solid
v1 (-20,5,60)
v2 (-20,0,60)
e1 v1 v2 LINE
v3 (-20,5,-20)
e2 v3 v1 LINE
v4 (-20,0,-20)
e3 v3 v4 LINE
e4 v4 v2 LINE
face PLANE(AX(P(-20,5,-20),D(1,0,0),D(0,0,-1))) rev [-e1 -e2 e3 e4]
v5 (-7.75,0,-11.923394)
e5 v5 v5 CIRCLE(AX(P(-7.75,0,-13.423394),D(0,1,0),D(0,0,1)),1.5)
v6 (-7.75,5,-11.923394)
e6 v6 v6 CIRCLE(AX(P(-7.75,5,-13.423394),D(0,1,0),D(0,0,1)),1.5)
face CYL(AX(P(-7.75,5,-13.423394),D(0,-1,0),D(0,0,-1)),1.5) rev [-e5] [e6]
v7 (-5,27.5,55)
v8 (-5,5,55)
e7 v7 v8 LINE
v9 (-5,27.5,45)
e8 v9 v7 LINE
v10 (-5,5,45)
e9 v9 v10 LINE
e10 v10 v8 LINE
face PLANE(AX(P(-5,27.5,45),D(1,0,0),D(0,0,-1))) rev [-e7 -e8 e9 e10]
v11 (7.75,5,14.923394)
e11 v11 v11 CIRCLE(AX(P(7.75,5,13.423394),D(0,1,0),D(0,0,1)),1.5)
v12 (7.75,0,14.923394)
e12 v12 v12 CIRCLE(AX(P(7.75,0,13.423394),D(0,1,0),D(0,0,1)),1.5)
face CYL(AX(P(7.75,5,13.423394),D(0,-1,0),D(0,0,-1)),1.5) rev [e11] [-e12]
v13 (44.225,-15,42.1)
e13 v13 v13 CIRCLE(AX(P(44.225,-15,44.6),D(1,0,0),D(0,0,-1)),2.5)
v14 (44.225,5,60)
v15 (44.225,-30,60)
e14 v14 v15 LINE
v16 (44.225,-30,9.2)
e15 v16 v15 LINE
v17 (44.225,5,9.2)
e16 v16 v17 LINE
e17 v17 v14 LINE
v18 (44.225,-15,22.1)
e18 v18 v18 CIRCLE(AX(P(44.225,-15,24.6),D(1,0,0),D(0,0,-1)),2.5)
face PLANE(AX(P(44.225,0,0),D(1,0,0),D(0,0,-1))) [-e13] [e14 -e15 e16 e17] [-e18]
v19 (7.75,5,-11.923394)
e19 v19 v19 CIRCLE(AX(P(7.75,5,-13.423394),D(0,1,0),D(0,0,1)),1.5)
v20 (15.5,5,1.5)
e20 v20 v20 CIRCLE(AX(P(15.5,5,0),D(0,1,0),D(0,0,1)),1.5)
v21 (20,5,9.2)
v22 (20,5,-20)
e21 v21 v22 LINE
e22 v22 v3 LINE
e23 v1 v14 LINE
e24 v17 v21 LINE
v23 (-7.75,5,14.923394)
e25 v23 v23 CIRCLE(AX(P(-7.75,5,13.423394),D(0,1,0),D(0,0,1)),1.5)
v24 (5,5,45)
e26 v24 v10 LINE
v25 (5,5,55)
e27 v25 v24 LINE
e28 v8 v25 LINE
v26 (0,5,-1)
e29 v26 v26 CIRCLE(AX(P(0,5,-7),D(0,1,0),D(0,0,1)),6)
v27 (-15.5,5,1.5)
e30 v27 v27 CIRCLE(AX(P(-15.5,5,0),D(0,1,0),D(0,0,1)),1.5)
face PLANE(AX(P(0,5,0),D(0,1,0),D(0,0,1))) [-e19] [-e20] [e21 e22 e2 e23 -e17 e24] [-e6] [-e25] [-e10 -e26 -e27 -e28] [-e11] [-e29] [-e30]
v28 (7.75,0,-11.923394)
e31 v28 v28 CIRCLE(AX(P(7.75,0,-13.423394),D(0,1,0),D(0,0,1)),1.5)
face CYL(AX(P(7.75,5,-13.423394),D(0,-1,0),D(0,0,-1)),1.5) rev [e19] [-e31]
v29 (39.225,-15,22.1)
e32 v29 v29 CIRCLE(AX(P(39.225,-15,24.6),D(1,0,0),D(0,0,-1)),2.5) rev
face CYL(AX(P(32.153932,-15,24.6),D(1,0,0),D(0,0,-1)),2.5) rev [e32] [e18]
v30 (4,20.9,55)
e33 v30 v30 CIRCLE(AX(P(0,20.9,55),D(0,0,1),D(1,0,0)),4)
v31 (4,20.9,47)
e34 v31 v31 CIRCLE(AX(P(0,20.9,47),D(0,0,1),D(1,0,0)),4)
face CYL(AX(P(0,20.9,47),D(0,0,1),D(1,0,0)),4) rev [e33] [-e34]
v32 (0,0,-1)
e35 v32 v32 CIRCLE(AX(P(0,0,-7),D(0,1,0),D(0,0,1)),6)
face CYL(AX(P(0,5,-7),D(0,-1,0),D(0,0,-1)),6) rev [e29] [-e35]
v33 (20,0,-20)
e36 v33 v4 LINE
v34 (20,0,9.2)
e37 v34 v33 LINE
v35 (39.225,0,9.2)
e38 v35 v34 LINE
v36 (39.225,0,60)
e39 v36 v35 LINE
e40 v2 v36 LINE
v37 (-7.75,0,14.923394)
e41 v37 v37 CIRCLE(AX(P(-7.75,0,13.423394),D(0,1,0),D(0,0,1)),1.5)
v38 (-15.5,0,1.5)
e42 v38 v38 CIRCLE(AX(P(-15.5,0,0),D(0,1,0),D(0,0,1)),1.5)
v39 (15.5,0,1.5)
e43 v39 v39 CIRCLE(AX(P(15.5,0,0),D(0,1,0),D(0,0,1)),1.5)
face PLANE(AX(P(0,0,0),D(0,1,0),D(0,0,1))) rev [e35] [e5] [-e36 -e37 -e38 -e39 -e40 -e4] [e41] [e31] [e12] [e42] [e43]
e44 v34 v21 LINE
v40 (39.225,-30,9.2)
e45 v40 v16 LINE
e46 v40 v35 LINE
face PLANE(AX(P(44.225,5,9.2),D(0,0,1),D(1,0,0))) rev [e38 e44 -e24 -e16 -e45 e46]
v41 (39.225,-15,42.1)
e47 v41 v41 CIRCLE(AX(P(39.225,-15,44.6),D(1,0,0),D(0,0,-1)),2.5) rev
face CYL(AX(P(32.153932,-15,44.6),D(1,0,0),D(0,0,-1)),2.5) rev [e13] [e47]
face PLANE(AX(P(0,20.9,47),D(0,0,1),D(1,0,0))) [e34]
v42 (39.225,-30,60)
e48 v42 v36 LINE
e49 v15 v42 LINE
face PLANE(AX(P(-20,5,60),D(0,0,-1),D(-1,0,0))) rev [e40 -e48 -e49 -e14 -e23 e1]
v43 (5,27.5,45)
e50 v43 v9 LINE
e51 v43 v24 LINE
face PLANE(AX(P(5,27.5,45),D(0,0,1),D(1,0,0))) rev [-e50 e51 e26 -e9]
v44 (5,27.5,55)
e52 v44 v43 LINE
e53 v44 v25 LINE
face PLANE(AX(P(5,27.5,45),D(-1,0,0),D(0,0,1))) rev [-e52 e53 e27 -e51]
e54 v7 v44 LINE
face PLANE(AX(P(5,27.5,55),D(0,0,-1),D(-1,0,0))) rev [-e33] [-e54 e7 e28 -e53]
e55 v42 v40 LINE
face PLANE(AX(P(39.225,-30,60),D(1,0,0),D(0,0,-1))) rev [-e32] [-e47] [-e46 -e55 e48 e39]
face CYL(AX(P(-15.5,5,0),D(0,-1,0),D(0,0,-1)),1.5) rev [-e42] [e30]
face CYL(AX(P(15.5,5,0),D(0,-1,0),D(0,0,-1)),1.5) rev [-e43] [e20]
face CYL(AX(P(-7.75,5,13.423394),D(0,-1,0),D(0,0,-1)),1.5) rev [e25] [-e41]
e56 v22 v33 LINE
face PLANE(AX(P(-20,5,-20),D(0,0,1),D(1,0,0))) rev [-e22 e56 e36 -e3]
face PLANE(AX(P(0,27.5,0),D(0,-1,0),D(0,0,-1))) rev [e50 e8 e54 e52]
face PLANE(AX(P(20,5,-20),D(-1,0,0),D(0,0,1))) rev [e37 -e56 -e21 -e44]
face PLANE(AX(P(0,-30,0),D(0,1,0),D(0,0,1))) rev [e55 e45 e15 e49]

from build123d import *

# Parameters (mm, degrees)
SKETCH3_W           = 40
SKETCH3_H           = 80
BOSS_EXTRUDE1_DEPTH = 5
SKETCH1_R           = 1.5
SKETCH1_R_2         = 6
CUT_EXTRUDE3_DEPTH  = 64.442887702
SKETCH4_W           = 10
SKETCH4_H           = 10
BOSS_EXTRUDE2_DEPTH = 22.5
SKETCH5_R           = 4
CUT_EXTRUDE4_DEPTH  = 8
SKETCH6_W           = 50.8
SKETCH6_H           = 5
BOSS_EXTRUDE3_DEPTH = 24.225
SKETCH8_W           = 5
SKETCH8_H           = 50.8
BOSS_EXTRUDE4_DEPTH = 30
SKETCH9_R           = 2.5
CUT_EXTRUDE5_DEPTH  = 5


with BuildPart() as part:
    # Sketch3 → Boss-Extrude1 (new body)
    with BuildSketch(Plane(origin=(0, 0, 0), x_dir=(1, 0, 0), z_dir=(0, 1, 0))):
        with Locations((0, -20)):
            Rectangle(SKETCH3_W, SKETCH3_H)
    extrude(amount=BOSS_EXTRUDE1_DEPTH)

    # Sketch1 → Cut-Extrude3 (cut, through all)
    with BuildSketch(Plane(origin=(0, 0, 0), x_dir=(1, 0, 0), z_dir=(0, 1, 0))):
        with Locations(Location((-15.5, 0, 0), (0, 0, 270))):
            Circle(SKETCH1_R)
        with Locations(Location((-7.75, 13.423393759, 0), (0, 0, 270))):
            Circle(SKETCH1_R)
        with Locations(Location((7.75, 13.423393759, 0), (0, 0, 270))):
            Circle(SKETCH1_R)
        with Locations(Location((15.5, 0, 0), (0, 0, 270))):
            Circle(SKETCH1_R)
        with Locations(Location((7.75, -13.423393759, 0), (0, 0, 270))):
            Circle(SKETCH1_R)
        with Locations(Location((-7.75, -13.423393759, 0), (0, 0, 270))):
            Circle(SKETCH1_R)
        with Locations(Location((0, 7, 0), (0, 0, 270))):
            Circle(SKETCH1_R_2)
    extrude(amount=CUT_EXTRUDE3_DEPTH, mode=Mode.SUBTRACT)

    # Sketch4 → Boss-Extrude2 (add)
    with BuildSketch(Plane(origin=(0, 5, 0), x_dir=(1, 0, 0), z_dir=(0, 1, 0))):
        with Locations((0, -50)):
            Rectangle(SKETCH4_W, SKETCH4_H)
    extrude(amount=BOSS_EXTRUDE2_DEPTH)

    # Sketch5 → Cut-Extrude4 (cut)
    with BuildSketch(Plane.XY.offset(55)):
        with Locations((0, 20.9)):
            Circle(SKETCH5_R)
    extrude(amount=-CUT_EXTRUDE4_DEPTH, mode=Mode.SUBTRACT)

    # Sketch6 → Boss-Extrude3 (add)
    with BuildSketch(Plane(origin=(20, 0, 0), x_dir=(0, 0, -1), z_dir=(1, 0, 0))):
        with Locations((-34.6, 2.5)):
            Rectangle(SKETCH6_W, SKETCH6_H)
    extrude(amount=BOSS_EXTRUDE3_DEPTH)

    # Sketch8 → Boss-Extrude4 (add)
    with BuildSketch(Plane.XZ):
        with Locations((41.725, 34.6)):
            Rectangle(SKETCH8_W, SKETCH8_H)
    extrude(amount=BOSS_EXTRUDE4_DEPTH)

    # Sketch9 → Cut-Extrude5 (cut)
    with BuildSketch(Plane(origin=(44.225, 0, 0), x_dir=(0, 0, -1), z_dir=(1, 0, 0))):
        with Locations((-44.6, -15)):
            Circle(SKETCH9_R)
        with Locations((-24.6, -15)):
            Circle(SKETCH9_R)
    extrude(amount=-CUT_EXTRUDE5_DEPTH, mode=Mode.SUBTRACT)


solid = part.part
